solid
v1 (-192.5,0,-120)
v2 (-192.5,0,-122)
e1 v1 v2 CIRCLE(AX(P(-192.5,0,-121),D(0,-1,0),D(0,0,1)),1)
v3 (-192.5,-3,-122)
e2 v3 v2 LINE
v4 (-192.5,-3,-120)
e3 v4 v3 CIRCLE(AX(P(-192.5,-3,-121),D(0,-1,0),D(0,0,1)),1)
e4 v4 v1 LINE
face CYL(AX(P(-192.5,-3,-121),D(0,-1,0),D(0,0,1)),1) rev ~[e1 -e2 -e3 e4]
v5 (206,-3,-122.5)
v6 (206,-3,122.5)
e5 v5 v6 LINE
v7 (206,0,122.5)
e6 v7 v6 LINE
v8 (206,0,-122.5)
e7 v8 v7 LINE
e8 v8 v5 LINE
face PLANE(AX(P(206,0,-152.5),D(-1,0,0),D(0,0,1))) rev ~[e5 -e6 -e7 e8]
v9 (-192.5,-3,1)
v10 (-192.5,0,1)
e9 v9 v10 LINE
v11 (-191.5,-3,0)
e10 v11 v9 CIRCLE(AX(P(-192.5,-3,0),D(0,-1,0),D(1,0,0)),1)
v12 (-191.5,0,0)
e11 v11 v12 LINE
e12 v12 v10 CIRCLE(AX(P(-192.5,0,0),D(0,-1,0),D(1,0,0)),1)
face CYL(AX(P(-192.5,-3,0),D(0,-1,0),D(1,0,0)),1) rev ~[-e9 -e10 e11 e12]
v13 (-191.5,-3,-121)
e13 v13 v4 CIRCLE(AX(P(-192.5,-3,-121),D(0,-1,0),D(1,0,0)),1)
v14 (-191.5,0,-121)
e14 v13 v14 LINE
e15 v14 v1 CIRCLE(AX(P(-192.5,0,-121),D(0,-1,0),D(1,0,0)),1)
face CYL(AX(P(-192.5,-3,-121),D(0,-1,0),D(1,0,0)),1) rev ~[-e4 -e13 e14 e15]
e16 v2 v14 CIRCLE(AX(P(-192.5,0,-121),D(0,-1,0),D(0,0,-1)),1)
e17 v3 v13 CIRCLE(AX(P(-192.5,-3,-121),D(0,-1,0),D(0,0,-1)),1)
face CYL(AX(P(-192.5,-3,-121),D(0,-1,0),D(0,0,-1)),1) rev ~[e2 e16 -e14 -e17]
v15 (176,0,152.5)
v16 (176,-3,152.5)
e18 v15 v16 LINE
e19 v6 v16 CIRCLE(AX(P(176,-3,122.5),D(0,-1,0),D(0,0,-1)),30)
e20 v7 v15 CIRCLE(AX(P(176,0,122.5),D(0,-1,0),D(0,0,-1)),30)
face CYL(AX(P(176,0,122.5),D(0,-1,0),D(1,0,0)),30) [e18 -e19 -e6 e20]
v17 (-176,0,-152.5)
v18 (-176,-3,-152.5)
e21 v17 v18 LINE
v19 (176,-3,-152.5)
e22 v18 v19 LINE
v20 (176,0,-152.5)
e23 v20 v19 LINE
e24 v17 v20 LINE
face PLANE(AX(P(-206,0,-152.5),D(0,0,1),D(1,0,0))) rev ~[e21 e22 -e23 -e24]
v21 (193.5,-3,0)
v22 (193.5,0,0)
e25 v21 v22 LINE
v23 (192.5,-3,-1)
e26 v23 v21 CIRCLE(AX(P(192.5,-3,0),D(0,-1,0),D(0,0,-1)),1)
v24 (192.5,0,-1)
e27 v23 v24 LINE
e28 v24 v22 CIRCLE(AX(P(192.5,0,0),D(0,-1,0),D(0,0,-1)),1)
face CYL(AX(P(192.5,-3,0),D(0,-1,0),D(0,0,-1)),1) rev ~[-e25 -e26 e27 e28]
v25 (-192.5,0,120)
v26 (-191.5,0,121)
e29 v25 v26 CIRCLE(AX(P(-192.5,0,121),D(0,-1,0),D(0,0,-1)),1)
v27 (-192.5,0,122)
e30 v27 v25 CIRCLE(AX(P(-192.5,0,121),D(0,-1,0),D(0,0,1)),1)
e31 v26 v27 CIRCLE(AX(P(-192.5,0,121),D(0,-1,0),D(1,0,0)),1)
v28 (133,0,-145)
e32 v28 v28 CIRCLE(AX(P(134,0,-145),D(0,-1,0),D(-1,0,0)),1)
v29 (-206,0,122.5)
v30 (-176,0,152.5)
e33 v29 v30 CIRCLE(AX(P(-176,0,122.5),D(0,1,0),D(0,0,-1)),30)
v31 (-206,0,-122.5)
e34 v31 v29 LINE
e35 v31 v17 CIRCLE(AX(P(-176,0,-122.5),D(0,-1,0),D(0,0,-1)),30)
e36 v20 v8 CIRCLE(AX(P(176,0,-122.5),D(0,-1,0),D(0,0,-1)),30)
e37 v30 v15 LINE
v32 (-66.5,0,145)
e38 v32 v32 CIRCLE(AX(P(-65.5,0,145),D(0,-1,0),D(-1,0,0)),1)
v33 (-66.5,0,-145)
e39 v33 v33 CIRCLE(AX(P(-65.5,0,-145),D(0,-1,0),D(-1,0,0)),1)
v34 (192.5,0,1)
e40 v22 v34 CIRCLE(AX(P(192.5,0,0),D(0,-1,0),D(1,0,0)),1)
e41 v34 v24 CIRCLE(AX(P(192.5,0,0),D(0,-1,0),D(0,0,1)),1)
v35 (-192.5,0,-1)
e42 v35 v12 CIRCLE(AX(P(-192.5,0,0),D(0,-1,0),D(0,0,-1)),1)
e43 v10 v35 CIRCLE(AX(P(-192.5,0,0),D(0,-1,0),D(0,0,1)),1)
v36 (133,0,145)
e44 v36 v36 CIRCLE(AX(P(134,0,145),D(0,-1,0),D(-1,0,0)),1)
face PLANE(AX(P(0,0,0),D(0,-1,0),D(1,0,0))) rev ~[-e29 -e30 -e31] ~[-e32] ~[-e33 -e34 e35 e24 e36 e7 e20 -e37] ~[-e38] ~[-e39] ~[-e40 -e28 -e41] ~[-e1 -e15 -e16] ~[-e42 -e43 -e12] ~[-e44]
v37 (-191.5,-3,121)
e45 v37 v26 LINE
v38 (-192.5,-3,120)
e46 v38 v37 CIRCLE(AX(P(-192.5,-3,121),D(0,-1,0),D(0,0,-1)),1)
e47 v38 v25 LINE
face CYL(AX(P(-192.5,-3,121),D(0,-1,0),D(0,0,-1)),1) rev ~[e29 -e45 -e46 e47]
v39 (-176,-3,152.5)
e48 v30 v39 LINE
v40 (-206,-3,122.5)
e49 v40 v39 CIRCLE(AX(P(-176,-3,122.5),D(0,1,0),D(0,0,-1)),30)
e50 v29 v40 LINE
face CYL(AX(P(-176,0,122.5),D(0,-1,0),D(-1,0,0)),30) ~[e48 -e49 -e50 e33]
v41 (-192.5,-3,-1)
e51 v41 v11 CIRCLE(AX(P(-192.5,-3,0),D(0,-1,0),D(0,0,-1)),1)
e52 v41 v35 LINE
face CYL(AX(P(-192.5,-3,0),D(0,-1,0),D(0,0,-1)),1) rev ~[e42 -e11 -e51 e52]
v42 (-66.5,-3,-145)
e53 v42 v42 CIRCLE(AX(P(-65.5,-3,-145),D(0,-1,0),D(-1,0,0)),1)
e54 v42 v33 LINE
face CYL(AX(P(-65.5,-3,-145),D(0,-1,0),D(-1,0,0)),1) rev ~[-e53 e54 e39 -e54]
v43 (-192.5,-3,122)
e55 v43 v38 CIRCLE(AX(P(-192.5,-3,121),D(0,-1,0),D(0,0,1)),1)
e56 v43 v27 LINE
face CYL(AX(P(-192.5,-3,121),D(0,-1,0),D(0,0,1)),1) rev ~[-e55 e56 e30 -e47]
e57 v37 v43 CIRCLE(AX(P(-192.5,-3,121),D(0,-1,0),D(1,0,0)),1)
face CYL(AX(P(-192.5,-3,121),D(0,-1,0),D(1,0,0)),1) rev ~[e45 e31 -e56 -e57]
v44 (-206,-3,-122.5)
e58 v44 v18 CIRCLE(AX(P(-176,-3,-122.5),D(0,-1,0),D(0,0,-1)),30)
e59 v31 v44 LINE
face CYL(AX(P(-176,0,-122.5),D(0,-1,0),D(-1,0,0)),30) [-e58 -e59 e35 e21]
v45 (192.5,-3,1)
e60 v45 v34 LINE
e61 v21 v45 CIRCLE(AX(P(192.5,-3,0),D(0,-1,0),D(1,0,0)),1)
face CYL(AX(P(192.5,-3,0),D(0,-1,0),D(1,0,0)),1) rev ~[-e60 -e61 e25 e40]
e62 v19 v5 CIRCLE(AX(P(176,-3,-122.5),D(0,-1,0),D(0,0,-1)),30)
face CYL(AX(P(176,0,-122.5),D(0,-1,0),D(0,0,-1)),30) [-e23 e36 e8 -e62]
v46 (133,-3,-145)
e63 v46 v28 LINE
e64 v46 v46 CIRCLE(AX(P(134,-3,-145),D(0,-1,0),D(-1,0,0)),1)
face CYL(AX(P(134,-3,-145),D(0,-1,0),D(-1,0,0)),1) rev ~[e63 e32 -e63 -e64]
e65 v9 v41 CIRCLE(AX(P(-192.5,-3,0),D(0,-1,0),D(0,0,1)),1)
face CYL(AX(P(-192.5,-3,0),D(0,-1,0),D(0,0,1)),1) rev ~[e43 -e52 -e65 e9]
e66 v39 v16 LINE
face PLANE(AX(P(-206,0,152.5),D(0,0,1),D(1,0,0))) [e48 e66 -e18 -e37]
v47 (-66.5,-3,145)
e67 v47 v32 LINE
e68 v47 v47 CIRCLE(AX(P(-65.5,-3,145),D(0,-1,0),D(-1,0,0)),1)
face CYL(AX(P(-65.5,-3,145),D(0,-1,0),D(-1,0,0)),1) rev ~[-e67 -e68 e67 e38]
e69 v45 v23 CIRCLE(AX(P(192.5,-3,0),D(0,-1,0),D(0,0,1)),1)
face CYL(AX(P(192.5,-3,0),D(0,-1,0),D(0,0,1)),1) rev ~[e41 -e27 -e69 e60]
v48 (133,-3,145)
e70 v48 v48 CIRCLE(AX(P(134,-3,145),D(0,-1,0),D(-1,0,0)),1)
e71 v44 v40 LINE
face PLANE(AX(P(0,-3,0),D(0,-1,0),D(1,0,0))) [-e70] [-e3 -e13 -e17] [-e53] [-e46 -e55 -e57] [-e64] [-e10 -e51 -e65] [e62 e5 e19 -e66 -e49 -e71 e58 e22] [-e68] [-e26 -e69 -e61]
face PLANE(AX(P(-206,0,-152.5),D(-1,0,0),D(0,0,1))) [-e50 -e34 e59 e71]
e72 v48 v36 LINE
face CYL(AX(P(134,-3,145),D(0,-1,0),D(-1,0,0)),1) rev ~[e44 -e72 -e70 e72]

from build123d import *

# Parameters (mm, degrees)
F0_W     = 412
F0_H     = 305
F1_DEPTH = 3
F2_R     = 30
F4_DEPTH = 25


with BuildPart() as f1:
    # F0 (on Front) → F1 (new body)
    with BuildSketch(Plane.XZ):
        Rectangle(F0_W, F0_H)
    extrude(amount=F1_DEPTH)

    # F2
    f2_edges = [f1.edges().sort_by_distance(p)[0] for p in [
        (-206, -1.5, 152.5),
        (206, -1.5, 152.5),
        (-206, -1.5, -152.5),
        (206, -1.5, -152.5),
    ]]
    fillet(f2_edges, radius=F2_R)

    # F3 (on face) → F4 (cut)
    with BuildSketch(Plane.XZ.offset(3)):
        with BuildLine():
            Line((-192.5, 120), (-192.5, 122))
            ThreePointArc((-192.5, 122), (-193.5, 121), (-192.5, 120))
        make_face()
        with BuildLine():
            ThreePointArc((-191.5, 121), (-191.7928932188, 121.7071067812), (-192.5, 122))
            Line((-192.5, 122), (-192.5, 120))
            ThreePointArc((-192.5, 120), (-191.7928932188, 120.2928932188), (-191.5, 121))
        make_face()
        with BuildLine():
            Line((-66.5, 145), (-64.5, 145))
            ThreePointArc((-64.5, 145), (-65.5, 146), (-66.5, 145))
        make_face()
        with BuildLine():
            ThreePointArc((-66.5, 145), (-65.5, 144), (-64.5, 145))
            Line((-64.5, 145), (-66.5, 145))
        make_face()
        with BuildLine():
            Line((133, 145), (135, 145))
            ThreePointArc((135, 145), (134, 146), (133, 145))
        make_face()
        with BuildLine():
            ThreePointArc((133, 145), (134, 144), (135, 145))
            Line((135, 145), (133, 145))
        make_face()
        with BuildLine():
            Line((192.5, -1), (192.5, 1))
            ThreePointArc((192.5, 1), (191.5, 0), (192.5, -1))
        make_face()
        with BuildLine():
            ThreePointArc((193.5, 0), (193.2071067812, 0.7071067812), (192.5, 1))
            Line((192.5, 1), (192.5, -1))
            ThreePointArc((192.5, -1), (193.2071067812, -0.7071067812), (193.5, 0))
        make_face()
        with BuildLine():
            Line((133, -145), (135, -145))
            ThreePointArc((135, -145), (134, -144), (133, -145))
        make_face()
        with BuildLine():
            ThreePointArc((133, -145), (134, -146), (135, -145))
            Line((135, -145), (133, -145))
        make_face()
        with BuildLine():
            Line((-66.5, -145), (-64.5, -145))
            ThreePointArc((-64.5, -145), (-65.5, -144), (-66.5, -145))
        make_face()
        with BuildLine():
            ThreePointArc((-66.5, -145), (-65.5, -146), (-64.5, -145))
            Line((-64.5, -145), (-66.5, -145))
        make_face()
        with BuildLine():
            Line((-192.5, -122), (-192.5, -120))
            ThreePointArc((-192.5, -120), (-193.5, -121), (-192.5, -122))
        make_face()
        with BuildLine():
            ThreePointArc((-191.5, -121), (-191.7928932188, -120.2928932188), (-192.5, -120))
            Line((-192.5, -120), (-192.5, -122))
            ThreePointArc((-192.5, -122), (-191.7928932188, -121.7071067812), (-191.5, -121))
        make_face()
        with BuildLine():
            Line((-192.5, -1), (-192.5, 1))
            ThreePointArc((-192.5, 1), (-193.5, 0), (-192.5, -1))
        make_face()
        with BuildLine():
            ThreePointArc((-191.5, 0), (-191.7928932188, 0.7071067812), (-192.5, 1))
            Line((-192.5, 1), (-192.5, -1))
            ThreePointArc((-192.5, -1), (-191.7928932188, -0.7071067812), (-191.5, 0))
        make_face()
    extrude(amount=-F4_DEPTH, mode=Mode.SUBTRACT)


solid = f1.part
